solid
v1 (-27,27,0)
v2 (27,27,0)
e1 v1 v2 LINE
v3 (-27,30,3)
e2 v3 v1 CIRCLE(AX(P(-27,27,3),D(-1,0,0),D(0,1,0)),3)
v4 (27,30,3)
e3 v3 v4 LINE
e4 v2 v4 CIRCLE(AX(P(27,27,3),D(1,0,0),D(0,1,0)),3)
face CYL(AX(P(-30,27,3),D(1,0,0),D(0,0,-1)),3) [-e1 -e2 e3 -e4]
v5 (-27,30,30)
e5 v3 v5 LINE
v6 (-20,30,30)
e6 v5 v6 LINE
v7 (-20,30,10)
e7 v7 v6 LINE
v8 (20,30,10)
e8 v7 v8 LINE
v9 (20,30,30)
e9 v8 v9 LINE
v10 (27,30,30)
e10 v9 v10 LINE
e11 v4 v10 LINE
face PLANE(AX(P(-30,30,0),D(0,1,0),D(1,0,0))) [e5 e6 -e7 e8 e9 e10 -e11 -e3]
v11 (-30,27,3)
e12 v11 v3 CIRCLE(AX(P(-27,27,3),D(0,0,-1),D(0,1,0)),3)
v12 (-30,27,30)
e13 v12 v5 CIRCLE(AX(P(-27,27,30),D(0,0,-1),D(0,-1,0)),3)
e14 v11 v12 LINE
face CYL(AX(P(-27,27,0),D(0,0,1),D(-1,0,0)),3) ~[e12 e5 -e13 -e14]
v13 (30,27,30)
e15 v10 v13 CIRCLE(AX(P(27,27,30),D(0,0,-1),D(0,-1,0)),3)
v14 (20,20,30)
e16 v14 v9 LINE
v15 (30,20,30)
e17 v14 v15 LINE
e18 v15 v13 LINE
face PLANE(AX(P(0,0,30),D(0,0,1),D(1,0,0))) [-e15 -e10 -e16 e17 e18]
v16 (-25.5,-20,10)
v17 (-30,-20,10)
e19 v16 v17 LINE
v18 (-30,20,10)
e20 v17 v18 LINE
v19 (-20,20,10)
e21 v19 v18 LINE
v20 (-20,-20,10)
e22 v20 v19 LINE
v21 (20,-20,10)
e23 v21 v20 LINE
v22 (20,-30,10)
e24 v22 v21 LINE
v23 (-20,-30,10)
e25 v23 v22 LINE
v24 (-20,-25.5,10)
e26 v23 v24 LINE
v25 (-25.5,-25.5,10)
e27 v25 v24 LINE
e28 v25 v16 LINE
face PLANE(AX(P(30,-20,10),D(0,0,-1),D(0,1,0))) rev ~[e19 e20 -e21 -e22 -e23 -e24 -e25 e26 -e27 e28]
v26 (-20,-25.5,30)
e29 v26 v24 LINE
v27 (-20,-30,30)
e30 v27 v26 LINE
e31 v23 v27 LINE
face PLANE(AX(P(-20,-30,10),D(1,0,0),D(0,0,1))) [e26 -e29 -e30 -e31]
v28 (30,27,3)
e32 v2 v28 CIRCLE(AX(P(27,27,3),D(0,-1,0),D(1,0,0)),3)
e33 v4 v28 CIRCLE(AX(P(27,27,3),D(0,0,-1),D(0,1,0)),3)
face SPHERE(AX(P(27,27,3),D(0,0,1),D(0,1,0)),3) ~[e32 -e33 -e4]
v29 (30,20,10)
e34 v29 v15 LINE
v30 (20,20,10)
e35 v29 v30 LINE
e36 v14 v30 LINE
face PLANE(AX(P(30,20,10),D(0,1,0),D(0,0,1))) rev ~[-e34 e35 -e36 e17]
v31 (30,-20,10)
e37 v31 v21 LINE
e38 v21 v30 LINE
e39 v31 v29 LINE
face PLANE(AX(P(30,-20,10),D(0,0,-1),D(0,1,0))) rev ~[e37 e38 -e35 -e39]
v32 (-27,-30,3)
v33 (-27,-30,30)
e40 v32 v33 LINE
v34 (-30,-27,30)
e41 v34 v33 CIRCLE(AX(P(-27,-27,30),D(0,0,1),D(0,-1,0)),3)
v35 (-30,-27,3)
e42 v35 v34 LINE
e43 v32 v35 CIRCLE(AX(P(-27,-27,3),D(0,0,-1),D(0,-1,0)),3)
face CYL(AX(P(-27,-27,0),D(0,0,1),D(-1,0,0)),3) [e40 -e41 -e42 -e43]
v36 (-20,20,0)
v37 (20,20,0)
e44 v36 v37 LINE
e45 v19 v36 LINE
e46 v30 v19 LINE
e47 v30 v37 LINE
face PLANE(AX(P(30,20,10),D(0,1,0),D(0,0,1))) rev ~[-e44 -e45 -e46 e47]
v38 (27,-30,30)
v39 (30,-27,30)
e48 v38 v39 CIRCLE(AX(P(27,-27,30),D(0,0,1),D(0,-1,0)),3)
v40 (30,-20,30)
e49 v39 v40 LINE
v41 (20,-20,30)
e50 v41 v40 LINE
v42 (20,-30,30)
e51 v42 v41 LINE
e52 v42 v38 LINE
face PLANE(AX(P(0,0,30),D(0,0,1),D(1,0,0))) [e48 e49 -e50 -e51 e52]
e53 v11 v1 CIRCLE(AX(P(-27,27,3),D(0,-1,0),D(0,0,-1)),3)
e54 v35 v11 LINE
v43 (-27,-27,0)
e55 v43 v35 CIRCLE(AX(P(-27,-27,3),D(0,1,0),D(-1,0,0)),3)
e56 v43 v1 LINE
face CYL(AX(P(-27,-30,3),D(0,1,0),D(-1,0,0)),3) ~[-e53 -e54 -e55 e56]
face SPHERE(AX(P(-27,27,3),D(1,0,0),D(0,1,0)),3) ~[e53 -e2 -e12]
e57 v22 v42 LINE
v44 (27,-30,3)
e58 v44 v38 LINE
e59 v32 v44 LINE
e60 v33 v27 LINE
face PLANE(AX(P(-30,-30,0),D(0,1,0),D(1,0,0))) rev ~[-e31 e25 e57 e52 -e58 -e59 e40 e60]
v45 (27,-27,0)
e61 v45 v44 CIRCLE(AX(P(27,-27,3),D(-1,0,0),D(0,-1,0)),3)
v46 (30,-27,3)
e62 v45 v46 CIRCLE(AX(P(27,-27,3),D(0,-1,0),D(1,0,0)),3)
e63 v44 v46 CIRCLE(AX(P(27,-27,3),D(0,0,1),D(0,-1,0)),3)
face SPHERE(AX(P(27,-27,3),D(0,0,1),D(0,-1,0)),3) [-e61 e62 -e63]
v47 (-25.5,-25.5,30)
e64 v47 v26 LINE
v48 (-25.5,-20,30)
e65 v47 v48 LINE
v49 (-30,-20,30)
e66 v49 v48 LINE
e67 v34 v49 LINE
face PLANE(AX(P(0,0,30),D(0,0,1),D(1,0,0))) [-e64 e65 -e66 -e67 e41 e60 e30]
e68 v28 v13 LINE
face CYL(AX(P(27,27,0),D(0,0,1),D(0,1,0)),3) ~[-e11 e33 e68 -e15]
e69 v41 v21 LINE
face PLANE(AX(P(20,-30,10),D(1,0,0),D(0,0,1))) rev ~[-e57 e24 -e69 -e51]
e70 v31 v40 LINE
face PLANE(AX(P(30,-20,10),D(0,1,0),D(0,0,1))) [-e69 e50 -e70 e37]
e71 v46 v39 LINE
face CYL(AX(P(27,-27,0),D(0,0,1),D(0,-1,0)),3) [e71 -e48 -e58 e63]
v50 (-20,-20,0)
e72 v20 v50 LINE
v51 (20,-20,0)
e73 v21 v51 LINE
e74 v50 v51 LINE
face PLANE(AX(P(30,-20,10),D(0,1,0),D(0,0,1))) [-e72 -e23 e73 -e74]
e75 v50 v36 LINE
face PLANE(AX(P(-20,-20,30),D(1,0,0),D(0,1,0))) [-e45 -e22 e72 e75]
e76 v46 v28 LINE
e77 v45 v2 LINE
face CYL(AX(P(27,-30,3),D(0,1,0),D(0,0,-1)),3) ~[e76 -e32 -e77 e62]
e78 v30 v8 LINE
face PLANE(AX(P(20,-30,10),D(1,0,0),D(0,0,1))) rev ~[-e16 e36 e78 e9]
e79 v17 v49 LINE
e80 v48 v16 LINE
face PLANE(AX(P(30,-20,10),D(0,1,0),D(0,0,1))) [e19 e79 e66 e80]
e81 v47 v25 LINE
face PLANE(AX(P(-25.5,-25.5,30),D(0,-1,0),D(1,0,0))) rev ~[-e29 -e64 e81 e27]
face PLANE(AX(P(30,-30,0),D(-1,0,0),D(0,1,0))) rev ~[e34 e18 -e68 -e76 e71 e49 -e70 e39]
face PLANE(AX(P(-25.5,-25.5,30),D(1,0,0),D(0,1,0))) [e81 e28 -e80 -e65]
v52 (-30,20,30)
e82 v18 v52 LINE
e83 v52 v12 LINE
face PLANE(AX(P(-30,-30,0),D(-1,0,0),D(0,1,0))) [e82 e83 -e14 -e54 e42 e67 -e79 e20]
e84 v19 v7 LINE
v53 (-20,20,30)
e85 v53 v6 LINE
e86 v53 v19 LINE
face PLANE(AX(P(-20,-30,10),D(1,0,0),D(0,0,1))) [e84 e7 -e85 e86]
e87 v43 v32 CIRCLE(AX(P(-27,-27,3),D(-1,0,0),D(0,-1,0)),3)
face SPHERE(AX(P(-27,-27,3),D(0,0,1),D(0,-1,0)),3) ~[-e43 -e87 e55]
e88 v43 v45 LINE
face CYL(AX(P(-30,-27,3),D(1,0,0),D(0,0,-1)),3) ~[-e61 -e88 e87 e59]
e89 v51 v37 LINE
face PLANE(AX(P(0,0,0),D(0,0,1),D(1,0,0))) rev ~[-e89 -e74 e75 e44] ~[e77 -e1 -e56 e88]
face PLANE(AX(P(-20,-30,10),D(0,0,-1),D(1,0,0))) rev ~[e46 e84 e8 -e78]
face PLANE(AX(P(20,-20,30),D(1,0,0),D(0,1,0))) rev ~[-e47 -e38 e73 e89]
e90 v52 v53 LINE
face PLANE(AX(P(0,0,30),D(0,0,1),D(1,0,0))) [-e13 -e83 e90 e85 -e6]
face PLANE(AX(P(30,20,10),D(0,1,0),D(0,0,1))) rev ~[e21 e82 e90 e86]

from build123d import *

# Parameters (mm, degrees)
F0_W     = 60
F0_H     = 60
F1_DEPTH = 30
F2_W     = 40
F2_H     = 40
F3_DEPTH = 30
F4_W     = 40
F4_H     = 20
F5_DEPTH = 60
F6_W     = 40
F6_H     = 20
F7_DEPTH = 60
F8_W     = 5.5
F8_H     = 5.5
F9_DEPTH = 20
F10_R    = 3


with BuildPart() as f1:
    # F0 (on Top) → F1 (new body)
    with BuildSketch(Plane.XY):
        Rectangle(F0_W, F0_H)
    extrude(amount=F1_DEPTH)

    # F2 (on face) → F3 (cut)
    with BuildSketch(Plane.XY.offset(30)):
        Rectangle(F2_W, F2_H)
    extrude(amount=-F3_DEPTH, mode=Mode.SUBTRACT)

    # F4 (on face) → F5 (cut)
    with BuildSketch(Plane.YZ.offset(30)):
        with Locations((0, 20)):
            Rectangle(F4_W, F4_H)
    extrude(amount=-F5_DEPTH, mode=Mode.SUBTRACT)

    # F6 (on face) → F7 (cut)
    with BuildSketch(Plane.XZ.offset(30)):
        with Locations((0, 20)):
            Rectangle(F6_W, F6_H)
    extrude(amount=-F7_DEPTH, mode=Mode.SUBTRACT)

    # F8 (on face) → F9 (cut)
    with BuildSketch(Plane.XY.offset(30)):
        with Locations((-22.75, -22.75)):
            Rectangle(F8_W, F8_H)
    extrude(amount=-F9_DEPTH, mode=Mode.SUBTRACT)

    # F10
    f10_edges = [f1.edges().sort_by_distance(p)[0] for p in [
        (30, 30, 15),
        (0, 30, 0),
        (-30, 30, 15),
        (30, -30, 15),
        (-30, -30, 15),
        (0, -30, 0),
        (-30, 0, 0),
        (30, 0, 0),
    ]]
    fillet(f10_edges, radius=F10_R)


solid = f1.part
